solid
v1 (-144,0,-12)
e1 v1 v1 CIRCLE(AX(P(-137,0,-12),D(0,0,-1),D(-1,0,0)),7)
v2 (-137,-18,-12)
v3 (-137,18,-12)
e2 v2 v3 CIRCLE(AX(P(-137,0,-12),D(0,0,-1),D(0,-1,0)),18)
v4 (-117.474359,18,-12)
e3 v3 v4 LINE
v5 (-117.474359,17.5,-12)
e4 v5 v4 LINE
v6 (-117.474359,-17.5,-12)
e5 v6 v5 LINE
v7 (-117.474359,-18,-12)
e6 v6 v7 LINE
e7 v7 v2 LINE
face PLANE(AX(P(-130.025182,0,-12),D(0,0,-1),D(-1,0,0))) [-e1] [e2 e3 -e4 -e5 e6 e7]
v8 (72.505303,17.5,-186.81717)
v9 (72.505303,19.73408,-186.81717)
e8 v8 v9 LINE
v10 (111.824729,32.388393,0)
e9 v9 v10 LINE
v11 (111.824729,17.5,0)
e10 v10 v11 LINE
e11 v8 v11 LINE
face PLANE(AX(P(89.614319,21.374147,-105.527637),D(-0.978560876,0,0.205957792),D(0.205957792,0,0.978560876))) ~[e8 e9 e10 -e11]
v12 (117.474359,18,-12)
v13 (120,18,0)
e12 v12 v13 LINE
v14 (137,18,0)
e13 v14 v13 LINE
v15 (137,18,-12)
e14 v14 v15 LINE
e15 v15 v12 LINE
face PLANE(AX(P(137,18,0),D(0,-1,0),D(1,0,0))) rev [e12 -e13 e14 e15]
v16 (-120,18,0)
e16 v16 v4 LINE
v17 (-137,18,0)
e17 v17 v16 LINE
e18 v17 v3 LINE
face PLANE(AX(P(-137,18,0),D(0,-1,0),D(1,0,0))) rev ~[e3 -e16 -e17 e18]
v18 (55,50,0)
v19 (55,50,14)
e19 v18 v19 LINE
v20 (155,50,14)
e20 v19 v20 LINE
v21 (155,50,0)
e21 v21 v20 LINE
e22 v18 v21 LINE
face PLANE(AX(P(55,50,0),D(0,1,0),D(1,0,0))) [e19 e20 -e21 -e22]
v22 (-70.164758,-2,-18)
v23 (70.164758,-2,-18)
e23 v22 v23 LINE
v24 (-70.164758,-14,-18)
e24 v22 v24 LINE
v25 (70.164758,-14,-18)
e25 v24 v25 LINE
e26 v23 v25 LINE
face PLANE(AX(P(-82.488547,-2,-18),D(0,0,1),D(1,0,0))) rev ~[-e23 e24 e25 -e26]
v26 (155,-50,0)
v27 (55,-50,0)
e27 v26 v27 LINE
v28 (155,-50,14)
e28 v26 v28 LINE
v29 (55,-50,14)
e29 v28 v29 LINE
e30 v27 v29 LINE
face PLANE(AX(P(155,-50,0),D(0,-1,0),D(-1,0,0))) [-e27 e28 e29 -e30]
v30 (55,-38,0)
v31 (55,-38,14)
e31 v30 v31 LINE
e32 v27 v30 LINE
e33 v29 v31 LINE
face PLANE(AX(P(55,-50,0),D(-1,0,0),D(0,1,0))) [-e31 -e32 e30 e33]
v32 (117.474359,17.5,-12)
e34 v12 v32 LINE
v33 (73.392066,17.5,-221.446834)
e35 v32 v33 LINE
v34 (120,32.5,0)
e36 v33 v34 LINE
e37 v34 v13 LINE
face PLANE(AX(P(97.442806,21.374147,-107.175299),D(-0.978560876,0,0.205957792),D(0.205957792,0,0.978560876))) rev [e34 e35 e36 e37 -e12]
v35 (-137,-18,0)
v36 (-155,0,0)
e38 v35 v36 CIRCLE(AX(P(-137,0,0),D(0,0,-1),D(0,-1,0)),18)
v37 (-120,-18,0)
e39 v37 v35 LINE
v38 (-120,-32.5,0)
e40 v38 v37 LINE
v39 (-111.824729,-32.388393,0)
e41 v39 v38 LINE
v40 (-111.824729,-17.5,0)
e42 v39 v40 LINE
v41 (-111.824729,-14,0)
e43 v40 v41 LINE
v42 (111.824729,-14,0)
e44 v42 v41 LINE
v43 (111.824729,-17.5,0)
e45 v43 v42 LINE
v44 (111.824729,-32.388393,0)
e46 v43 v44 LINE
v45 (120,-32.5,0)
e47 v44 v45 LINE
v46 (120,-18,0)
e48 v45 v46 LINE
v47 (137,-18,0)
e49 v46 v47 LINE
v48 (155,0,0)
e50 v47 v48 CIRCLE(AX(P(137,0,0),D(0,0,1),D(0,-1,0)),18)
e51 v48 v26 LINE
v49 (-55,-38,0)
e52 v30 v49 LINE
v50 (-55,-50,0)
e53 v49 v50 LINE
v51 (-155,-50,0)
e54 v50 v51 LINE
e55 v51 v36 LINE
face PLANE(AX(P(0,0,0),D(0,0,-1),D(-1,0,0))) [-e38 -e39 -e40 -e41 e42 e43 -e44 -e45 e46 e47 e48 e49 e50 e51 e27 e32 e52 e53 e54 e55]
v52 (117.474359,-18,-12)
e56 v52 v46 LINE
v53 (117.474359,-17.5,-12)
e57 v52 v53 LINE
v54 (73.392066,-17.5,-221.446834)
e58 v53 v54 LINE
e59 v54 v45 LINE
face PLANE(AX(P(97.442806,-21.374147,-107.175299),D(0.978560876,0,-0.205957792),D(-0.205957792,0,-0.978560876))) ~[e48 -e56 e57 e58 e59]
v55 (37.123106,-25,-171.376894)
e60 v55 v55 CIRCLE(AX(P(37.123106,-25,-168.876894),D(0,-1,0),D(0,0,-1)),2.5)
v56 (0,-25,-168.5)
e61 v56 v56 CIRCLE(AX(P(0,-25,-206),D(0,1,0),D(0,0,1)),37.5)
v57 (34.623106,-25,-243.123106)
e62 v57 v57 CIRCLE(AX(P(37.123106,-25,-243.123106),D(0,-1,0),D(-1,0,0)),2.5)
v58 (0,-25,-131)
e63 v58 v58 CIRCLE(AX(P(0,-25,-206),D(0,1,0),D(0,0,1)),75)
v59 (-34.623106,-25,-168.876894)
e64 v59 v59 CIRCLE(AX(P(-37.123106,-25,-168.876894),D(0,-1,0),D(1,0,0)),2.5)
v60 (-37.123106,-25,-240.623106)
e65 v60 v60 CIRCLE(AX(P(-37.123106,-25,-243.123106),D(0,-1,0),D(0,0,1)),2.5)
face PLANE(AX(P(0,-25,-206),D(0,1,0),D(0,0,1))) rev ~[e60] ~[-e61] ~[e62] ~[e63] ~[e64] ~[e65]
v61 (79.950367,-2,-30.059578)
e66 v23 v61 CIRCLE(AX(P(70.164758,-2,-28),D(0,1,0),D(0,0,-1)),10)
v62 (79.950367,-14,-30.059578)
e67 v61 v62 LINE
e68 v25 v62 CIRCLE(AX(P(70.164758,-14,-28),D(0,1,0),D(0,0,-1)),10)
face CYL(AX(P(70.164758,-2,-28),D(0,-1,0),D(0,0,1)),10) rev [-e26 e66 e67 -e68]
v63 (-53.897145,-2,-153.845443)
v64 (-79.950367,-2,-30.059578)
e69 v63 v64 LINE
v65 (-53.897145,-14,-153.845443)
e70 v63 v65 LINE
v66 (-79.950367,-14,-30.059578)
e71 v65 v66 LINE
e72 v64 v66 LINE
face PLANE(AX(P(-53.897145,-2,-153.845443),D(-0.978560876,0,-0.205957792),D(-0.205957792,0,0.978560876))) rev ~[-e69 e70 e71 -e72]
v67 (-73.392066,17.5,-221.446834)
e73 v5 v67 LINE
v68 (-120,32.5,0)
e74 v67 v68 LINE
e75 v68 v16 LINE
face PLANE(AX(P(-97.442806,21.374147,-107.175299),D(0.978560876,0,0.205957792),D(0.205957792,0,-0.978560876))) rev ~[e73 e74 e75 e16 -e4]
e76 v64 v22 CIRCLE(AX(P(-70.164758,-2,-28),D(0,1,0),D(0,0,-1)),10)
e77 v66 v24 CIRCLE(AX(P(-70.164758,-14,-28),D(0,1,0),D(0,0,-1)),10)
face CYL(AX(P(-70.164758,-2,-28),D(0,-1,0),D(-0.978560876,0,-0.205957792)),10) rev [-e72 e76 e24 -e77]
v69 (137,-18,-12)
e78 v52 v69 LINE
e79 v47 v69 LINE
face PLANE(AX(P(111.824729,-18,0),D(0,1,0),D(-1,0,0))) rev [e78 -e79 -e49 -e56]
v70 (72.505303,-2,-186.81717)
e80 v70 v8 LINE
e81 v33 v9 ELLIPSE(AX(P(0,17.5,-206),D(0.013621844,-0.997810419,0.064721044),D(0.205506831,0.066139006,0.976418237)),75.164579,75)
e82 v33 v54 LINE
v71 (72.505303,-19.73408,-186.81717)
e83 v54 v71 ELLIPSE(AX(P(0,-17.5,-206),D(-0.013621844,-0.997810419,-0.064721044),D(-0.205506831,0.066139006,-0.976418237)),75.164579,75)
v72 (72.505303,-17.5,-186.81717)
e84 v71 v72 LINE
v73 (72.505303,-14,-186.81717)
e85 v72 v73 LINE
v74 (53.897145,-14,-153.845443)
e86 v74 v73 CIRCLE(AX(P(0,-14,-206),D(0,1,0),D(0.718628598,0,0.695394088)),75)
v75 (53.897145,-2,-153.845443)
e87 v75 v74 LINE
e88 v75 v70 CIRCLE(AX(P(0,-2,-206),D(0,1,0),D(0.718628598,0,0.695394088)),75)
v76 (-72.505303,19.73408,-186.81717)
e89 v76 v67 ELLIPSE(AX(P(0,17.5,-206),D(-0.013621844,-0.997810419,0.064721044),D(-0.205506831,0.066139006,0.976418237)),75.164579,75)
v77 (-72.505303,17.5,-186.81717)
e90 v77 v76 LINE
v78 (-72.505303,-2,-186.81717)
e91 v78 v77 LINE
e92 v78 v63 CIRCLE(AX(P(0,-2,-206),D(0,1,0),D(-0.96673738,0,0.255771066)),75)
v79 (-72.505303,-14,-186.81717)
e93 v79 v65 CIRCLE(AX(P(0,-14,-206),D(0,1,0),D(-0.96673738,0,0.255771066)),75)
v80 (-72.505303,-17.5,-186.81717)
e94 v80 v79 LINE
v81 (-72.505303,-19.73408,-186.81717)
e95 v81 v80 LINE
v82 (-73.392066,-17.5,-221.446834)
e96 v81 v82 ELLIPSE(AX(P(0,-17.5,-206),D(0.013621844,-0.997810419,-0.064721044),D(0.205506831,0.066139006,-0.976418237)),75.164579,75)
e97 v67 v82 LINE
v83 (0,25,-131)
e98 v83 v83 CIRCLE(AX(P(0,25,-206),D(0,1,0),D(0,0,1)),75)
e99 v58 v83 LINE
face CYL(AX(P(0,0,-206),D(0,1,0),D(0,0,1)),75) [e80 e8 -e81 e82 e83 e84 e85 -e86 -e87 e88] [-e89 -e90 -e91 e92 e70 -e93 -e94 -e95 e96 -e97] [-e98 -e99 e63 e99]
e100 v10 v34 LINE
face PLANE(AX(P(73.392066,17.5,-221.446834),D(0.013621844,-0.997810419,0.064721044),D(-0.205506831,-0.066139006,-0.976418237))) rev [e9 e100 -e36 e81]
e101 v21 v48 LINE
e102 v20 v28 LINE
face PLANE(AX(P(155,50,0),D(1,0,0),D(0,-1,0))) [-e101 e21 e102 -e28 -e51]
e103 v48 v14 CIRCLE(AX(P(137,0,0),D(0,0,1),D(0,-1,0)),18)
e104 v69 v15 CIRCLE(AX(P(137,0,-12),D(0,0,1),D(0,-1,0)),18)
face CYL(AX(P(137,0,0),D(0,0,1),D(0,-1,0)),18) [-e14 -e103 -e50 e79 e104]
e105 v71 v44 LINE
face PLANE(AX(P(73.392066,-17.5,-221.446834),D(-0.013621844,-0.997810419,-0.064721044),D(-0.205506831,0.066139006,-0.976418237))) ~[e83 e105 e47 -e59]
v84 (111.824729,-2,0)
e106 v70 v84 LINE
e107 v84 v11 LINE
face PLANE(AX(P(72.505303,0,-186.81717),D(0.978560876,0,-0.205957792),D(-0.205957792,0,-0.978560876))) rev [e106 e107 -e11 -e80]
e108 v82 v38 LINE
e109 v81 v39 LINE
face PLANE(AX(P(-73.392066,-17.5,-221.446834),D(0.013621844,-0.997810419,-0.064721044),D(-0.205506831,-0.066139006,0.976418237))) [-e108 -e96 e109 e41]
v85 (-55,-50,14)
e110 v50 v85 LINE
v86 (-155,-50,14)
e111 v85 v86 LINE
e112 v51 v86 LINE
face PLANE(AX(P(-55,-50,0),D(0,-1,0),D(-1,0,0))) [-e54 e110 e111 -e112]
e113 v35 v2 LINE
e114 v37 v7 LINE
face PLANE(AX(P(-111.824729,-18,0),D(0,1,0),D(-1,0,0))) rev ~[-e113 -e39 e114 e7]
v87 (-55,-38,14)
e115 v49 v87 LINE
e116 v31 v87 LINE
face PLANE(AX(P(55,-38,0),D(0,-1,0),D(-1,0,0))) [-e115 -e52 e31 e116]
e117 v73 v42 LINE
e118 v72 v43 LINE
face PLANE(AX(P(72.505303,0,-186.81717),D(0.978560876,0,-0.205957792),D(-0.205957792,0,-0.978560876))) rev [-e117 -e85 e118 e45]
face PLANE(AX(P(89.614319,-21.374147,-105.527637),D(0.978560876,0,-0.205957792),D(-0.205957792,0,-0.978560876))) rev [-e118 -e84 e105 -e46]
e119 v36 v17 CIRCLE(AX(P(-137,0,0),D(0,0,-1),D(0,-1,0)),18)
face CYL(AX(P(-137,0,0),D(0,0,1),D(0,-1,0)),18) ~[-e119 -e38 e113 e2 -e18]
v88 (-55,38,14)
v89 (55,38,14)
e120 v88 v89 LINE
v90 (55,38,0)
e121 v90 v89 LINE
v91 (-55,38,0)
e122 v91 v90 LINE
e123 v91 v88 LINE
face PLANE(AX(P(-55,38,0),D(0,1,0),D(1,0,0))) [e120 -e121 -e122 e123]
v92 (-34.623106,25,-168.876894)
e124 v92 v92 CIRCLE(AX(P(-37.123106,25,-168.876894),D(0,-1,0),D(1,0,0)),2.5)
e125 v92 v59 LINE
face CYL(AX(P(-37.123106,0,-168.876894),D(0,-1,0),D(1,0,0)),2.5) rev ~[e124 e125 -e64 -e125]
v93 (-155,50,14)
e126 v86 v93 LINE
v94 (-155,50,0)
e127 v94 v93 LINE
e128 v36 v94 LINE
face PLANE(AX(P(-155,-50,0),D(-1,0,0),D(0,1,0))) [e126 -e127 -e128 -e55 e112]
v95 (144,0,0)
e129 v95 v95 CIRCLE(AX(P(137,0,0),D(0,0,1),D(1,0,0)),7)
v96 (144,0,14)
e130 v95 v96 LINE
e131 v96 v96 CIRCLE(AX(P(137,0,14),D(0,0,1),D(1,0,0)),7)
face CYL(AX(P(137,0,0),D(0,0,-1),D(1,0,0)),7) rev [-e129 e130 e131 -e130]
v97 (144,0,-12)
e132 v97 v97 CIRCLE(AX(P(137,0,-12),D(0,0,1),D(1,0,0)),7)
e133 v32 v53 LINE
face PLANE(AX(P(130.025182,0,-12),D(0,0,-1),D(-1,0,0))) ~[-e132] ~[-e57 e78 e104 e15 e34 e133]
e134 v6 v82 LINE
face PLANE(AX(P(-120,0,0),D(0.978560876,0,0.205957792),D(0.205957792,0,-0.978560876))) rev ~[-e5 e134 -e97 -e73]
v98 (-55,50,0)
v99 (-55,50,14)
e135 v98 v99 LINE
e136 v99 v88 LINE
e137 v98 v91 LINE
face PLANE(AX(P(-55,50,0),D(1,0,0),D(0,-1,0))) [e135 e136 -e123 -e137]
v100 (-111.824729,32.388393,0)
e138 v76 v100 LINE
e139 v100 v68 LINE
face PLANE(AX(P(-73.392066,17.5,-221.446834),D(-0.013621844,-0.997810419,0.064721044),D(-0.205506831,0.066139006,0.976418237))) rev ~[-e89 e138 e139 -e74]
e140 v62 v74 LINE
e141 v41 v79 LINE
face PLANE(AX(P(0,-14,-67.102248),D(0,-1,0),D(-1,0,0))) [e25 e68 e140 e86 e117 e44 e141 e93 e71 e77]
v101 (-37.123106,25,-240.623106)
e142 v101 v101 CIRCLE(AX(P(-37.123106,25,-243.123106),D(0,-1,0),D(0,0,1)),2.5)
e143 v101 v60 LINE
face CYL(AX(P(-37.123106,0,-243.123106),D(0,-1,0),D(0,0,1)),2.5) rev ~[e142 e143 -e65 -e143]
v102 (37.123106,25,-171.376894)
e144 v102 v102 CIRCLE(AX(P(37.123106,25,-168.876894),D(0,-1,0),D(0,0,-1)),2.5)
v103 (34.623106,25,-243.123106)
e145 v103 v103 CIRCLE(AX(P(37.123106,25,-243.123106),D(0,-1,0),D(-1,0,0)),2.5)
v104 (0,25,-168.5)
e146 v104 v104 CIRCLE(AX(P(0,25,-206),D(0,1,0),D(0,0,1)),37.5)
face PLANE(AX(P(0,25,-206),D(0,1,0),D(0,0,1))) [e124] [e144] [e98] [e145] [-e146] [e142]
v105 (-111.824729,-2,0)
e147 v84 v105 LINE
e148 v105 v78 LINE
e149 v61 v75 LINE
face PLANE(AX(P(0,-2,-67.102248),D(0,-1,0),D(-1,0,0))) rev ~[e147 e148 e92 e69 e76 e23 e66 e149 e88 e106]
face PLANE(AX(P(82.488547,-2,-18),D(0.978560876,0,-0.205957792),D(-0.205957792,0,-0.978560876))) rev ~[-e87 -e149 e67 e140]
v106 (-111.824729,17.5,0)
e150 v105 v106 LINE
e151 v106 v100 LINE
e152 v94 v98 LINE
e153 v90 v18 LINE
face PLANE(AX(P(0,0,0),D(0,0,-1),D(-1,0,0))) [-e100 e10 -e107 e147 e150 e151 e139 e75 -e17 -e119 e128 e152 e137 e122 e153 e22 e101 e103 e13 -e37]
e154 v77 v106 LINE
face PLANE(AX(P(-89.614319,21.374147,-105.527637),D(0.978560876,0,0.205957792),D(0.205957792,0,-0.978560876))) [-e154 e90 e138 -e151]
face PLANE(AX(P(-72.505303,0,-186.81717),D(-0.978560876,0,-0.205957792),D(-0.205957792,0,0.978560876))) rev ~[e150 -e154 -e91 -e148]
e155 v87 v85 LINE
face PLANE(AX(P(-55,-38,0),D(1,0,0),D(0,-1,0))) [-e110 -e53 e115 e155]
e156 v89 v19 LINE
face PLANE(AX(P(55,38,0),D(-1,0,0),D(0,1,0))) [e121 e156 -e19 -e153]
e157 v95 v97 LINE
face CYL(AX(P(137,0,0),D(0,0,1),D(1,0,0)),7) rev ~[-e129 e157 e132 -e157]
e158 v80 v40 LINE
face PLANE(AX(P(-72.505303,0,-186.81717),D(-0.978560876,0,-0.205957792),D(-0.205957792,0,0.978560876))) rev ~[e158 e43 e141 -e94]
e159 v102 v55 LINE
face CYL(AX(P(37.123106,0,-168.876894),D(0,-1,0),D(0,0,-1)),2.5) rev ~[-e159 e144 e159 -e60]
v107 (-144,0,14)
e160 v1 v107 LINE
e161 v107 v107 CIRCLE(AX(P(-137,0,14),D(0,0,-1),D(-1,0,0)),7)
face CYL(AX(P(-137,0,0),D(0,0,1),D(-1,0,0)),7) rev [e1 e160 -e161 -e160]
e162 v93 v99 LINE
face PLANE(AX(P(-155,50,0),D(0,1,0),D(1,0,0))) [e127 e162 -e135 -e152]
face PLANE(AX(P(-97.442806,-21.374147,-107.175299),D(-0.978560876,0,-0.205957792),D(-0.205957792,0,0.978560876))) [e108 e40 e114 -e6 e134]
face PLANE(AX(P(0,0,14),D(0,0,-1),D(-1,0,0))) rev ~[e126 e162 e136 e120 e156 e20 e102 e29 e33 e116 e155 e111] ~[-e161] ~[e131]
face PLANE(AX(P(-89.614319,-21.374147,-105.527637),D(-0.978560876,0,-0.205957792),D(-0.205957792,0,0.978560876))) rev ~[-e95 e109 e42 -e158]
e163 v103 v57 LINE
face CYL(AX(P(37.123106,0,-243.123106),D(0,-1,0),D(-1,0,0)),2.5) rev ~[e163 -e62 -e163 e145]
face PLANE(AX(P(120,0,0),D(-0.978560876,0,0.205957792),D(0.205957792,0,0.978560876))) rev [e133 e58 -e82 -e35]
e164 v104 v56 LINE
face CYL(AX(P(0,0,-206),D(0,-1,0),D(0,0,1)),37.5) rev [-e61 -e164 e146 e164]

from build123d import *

# Parameters (mm, degrees)
BOSS_EXTRUDE1_DEPTH = 14
SKETCH2_R           = 75
SKETCH2_R_2         = 37.5
BOSS_EXTRUDE2_DEPTH = 25
SKETCH5_W           = 2.5
SKETCH5_H           = 50
CIRPATTERN1_COUNT   = 4
BOSS_EXTRUDE3_DEPTH = 17.5
BOSS_EXTRUDE4_DEPTH = 8
SKETCH9_R           = 7
BOSS_EXTRUDE5_DEPTH = 12
SKETCH10_R          = 7
CUT_EXTRUDE1_DEPTH  = 14
BOSS_EXTRUDE6_DEPTH = 12
FILLET1_R           = 10


with BuildPart() as part:
    # Sketch1 → Boss-Extrude1 (new body)
    with BuildSketch(Plane.XY):
        Polygon((-155, 50), (-55, 50), (-55, 38), (55, 38), (55, 50), (155, 50), (155, -50), (55, -50), (55, -38), (-55, -38), (-55, -50), (-155, -50), align=None)
    extrude(amount=BOSS_EXTRUDE1_DEPTH)



with BuildPart() as body_2:
    # Sketch2 → Boss-Extrude2 (new body, symmetric)
    with BuildSketch(Plane(origin=(0, 0, 0), x_dir=(1, 0, 0), z_dir=(0, 1, 0))):
        with Locations(Location((0, 206, 0), (0, 0, 270))):  # turned: the seam where the file's is
            Circle(SKETCH2_R)
        with Locations(Location((0, 206, 0), (0, 0, 270))):  # turned: the seam where the file's is
            Circle(SKETCH2_R_2, mode=Mode.SUBTRACT)
    extrude(amount=BOSS_EXTRUDE2_DEPTH, both=True)

    # Sketch5 → M6 Tapped Hole1 (revolve, cut)
    with BuildSketch(Plane(origin=(-37.123106012, 25, -243.123106012), x_dir=(0, 0, 1), z_dir=(1, 0, 0))):
        with Locations((1.25, 25)):
            Rectangle(SKETCH5_W, SKETCH5_H)
    m6_tapped_hole1 = revolve(axis=Axis((-37.123106012, 31.35, -243.123106012), (0, -1, 0)), mode=Mode.SUBTRACT)

    # CirPattern1: M6 Tapped Hole1 ×4 about axis
    cirpattern1_axis = Axis((0, 0, -206), (0, 1, 0))
    for i in range(1, CIRPATTERN1_COUNT):
        add(m6_tapped_hole1.rotate(cirpattern1_axis, i * 360 / CIRPATTERN1_COUNT), mode=Mode.SUBTRACT)


with BuildPart() as part_1:
    add(part.part)

    add(body_2.part)  # Boss-Extrude3 merges body 2
    # Sketch7 → Boss-Extrude3 (add, symmetric)
    with BuildSketch(Plane(origin=(0, 0, 0), x_dir=(1, 0, 0), z_dir=(0, 1, 0))):
        with BuildLine():
            Line((-111.824729359, 0), (-120, 0))
            Line((-120, 0), (-73.392065698, 221.446834387))
            ThreePointArc((-73.392065698, 221.446834387), (-74.975422623, 204.08010351), (-72.505303494, 186.81717004))
            Line((-72.505303494, 186.81717004), (-111.824729359, 0))
        make_face()
    boss_extrude3 = extrude(amount=BOSS_EXTRUDE3_DEPTH, both=True)

    # Sketch8 → Boss-Extrude4 (add)
    with BuildSketch(Plane(origin=(-114.909766558, 0, -24.185068462), x_dir=(-0.205957792, 0, 0.978560876), z_dir=(-0.978560876, 0, -0.205957792))):
        Polygon((-201.58354045, 17.5), (24.714935019, 32.5), (24.714935019, 17.5), align=None)
        Polygon((24.714935019, -32.5), (24.714935019, -17.5), (-201.58354045, -17.5), align=None)
    boss_extrude4 = extrude(amount=-BOSS_EXTRUDE4_DEPTH)

    # Sketch9 → Boss-Extrude5 (add)
    with BuildSketch(Plane(origin=(0, 0, 0), x_dir=(-1, 0, 0), z_dir=(0, 0, -1))):
        with BuildLine():
            Line((111.824729359, 18), (111.824729359, -18))
            Line((111.824729359, -18), (137, -18))
            ThreePointArc((137, -18), (155, 0), (137, 18))
            Line((137, 18), (111.824729359, 18))
        make_face()
        with Locations((137, 0)):
            Circle(SKETCH9_R, mode=Mode.SUBTRACT)
    boss_extrude5 = extrude(amount=BOSS_EXTRUDE5_DEPTH)

    # Sketch10 → Cut-Extrude1 (cut)
    with BuildSketch(Plane(origin=(0, 0, 0), x_dir=(-1, 0, 0), z_dir=(0, 0, -1))):
        with Locations((137, 0)):
            Circle(SKETCH10_R)
    cut_extrude1 = extrude(amount=-CUT_EXTRUDE1_DEPTH, mode=Mode.SUBTRACT)

    # Mirror3: Boss-Extrude3, Boss-Extrude4, Boss-Extrude5, Cut-Extrude1 across plane
    add(boss_extrude3.mirror(Plane(origin=(0, 0, 0), x_dir=(0, 0, 1), z_dir=(1, 0, 0))))
    add(boss_extrude4.mirror(Plane(origin=(0, 0, 0), x_dir=(0, 0, 1), z_dir=(1, 0, 0))))
    add(boss_extrude5.mirror(Plane(origin=(0, 0, 0), x_dir=(0, 0, 1), z_dir=(1, 0, 0))))
    add(cut_extrude1.mirror(Plane(origin=(0, 0, 0), x_dir=(0, 0, 1), z_dir=(1, 0, 0))), mode=Mode.SUBTRACT)

    # Sketch13 → Boss-Extrude6 (add)
    with BuildSketch(Plane(origin=(0, -2, 0), x_dir=(1, 0, 0), z_dir=(0, 1, 0))):
        with BuildLine():
            Line((-111.824729359, 0), (-72.505303494, 186.81717004))
            ThreePointArc((-72.505303494, 186.81717004), (-65.31598907, 169.137802944), (-53.897144884, 153.845443407))
            Line((-53.897144884, 153.845443407), (-82.488547055, 18))
            Line((-82.488547055, 18), (82.488547055, 18))
            Line((82.488547055, 18), (53.897144884, 153.845443407))
            ThreePointArc((53.897144884, 153.845443407), (65.31598907, 169.137802944), (72.505303494, 186.81717004))
            Line((72.505303494, 186.81717004), (111.824729359, 0))
            Line((111.824729359, 0), (55, 0))
            Line((55, 0), (-111.824729359, 0))
        make_face()
    extrude(amount=-BOSS_EXTRUDE6_DEPTH)

    # Fillet1
    fillet1_edges = [part_1.edges().sort_by_distance(p)[0] for p in [
        (-82.488547055, -8, -18),
        (82.488547055, -8, -18),
    ]]
    fillet(fillet1_edges, radius=FILLET1_R)


solid = part_1.part
